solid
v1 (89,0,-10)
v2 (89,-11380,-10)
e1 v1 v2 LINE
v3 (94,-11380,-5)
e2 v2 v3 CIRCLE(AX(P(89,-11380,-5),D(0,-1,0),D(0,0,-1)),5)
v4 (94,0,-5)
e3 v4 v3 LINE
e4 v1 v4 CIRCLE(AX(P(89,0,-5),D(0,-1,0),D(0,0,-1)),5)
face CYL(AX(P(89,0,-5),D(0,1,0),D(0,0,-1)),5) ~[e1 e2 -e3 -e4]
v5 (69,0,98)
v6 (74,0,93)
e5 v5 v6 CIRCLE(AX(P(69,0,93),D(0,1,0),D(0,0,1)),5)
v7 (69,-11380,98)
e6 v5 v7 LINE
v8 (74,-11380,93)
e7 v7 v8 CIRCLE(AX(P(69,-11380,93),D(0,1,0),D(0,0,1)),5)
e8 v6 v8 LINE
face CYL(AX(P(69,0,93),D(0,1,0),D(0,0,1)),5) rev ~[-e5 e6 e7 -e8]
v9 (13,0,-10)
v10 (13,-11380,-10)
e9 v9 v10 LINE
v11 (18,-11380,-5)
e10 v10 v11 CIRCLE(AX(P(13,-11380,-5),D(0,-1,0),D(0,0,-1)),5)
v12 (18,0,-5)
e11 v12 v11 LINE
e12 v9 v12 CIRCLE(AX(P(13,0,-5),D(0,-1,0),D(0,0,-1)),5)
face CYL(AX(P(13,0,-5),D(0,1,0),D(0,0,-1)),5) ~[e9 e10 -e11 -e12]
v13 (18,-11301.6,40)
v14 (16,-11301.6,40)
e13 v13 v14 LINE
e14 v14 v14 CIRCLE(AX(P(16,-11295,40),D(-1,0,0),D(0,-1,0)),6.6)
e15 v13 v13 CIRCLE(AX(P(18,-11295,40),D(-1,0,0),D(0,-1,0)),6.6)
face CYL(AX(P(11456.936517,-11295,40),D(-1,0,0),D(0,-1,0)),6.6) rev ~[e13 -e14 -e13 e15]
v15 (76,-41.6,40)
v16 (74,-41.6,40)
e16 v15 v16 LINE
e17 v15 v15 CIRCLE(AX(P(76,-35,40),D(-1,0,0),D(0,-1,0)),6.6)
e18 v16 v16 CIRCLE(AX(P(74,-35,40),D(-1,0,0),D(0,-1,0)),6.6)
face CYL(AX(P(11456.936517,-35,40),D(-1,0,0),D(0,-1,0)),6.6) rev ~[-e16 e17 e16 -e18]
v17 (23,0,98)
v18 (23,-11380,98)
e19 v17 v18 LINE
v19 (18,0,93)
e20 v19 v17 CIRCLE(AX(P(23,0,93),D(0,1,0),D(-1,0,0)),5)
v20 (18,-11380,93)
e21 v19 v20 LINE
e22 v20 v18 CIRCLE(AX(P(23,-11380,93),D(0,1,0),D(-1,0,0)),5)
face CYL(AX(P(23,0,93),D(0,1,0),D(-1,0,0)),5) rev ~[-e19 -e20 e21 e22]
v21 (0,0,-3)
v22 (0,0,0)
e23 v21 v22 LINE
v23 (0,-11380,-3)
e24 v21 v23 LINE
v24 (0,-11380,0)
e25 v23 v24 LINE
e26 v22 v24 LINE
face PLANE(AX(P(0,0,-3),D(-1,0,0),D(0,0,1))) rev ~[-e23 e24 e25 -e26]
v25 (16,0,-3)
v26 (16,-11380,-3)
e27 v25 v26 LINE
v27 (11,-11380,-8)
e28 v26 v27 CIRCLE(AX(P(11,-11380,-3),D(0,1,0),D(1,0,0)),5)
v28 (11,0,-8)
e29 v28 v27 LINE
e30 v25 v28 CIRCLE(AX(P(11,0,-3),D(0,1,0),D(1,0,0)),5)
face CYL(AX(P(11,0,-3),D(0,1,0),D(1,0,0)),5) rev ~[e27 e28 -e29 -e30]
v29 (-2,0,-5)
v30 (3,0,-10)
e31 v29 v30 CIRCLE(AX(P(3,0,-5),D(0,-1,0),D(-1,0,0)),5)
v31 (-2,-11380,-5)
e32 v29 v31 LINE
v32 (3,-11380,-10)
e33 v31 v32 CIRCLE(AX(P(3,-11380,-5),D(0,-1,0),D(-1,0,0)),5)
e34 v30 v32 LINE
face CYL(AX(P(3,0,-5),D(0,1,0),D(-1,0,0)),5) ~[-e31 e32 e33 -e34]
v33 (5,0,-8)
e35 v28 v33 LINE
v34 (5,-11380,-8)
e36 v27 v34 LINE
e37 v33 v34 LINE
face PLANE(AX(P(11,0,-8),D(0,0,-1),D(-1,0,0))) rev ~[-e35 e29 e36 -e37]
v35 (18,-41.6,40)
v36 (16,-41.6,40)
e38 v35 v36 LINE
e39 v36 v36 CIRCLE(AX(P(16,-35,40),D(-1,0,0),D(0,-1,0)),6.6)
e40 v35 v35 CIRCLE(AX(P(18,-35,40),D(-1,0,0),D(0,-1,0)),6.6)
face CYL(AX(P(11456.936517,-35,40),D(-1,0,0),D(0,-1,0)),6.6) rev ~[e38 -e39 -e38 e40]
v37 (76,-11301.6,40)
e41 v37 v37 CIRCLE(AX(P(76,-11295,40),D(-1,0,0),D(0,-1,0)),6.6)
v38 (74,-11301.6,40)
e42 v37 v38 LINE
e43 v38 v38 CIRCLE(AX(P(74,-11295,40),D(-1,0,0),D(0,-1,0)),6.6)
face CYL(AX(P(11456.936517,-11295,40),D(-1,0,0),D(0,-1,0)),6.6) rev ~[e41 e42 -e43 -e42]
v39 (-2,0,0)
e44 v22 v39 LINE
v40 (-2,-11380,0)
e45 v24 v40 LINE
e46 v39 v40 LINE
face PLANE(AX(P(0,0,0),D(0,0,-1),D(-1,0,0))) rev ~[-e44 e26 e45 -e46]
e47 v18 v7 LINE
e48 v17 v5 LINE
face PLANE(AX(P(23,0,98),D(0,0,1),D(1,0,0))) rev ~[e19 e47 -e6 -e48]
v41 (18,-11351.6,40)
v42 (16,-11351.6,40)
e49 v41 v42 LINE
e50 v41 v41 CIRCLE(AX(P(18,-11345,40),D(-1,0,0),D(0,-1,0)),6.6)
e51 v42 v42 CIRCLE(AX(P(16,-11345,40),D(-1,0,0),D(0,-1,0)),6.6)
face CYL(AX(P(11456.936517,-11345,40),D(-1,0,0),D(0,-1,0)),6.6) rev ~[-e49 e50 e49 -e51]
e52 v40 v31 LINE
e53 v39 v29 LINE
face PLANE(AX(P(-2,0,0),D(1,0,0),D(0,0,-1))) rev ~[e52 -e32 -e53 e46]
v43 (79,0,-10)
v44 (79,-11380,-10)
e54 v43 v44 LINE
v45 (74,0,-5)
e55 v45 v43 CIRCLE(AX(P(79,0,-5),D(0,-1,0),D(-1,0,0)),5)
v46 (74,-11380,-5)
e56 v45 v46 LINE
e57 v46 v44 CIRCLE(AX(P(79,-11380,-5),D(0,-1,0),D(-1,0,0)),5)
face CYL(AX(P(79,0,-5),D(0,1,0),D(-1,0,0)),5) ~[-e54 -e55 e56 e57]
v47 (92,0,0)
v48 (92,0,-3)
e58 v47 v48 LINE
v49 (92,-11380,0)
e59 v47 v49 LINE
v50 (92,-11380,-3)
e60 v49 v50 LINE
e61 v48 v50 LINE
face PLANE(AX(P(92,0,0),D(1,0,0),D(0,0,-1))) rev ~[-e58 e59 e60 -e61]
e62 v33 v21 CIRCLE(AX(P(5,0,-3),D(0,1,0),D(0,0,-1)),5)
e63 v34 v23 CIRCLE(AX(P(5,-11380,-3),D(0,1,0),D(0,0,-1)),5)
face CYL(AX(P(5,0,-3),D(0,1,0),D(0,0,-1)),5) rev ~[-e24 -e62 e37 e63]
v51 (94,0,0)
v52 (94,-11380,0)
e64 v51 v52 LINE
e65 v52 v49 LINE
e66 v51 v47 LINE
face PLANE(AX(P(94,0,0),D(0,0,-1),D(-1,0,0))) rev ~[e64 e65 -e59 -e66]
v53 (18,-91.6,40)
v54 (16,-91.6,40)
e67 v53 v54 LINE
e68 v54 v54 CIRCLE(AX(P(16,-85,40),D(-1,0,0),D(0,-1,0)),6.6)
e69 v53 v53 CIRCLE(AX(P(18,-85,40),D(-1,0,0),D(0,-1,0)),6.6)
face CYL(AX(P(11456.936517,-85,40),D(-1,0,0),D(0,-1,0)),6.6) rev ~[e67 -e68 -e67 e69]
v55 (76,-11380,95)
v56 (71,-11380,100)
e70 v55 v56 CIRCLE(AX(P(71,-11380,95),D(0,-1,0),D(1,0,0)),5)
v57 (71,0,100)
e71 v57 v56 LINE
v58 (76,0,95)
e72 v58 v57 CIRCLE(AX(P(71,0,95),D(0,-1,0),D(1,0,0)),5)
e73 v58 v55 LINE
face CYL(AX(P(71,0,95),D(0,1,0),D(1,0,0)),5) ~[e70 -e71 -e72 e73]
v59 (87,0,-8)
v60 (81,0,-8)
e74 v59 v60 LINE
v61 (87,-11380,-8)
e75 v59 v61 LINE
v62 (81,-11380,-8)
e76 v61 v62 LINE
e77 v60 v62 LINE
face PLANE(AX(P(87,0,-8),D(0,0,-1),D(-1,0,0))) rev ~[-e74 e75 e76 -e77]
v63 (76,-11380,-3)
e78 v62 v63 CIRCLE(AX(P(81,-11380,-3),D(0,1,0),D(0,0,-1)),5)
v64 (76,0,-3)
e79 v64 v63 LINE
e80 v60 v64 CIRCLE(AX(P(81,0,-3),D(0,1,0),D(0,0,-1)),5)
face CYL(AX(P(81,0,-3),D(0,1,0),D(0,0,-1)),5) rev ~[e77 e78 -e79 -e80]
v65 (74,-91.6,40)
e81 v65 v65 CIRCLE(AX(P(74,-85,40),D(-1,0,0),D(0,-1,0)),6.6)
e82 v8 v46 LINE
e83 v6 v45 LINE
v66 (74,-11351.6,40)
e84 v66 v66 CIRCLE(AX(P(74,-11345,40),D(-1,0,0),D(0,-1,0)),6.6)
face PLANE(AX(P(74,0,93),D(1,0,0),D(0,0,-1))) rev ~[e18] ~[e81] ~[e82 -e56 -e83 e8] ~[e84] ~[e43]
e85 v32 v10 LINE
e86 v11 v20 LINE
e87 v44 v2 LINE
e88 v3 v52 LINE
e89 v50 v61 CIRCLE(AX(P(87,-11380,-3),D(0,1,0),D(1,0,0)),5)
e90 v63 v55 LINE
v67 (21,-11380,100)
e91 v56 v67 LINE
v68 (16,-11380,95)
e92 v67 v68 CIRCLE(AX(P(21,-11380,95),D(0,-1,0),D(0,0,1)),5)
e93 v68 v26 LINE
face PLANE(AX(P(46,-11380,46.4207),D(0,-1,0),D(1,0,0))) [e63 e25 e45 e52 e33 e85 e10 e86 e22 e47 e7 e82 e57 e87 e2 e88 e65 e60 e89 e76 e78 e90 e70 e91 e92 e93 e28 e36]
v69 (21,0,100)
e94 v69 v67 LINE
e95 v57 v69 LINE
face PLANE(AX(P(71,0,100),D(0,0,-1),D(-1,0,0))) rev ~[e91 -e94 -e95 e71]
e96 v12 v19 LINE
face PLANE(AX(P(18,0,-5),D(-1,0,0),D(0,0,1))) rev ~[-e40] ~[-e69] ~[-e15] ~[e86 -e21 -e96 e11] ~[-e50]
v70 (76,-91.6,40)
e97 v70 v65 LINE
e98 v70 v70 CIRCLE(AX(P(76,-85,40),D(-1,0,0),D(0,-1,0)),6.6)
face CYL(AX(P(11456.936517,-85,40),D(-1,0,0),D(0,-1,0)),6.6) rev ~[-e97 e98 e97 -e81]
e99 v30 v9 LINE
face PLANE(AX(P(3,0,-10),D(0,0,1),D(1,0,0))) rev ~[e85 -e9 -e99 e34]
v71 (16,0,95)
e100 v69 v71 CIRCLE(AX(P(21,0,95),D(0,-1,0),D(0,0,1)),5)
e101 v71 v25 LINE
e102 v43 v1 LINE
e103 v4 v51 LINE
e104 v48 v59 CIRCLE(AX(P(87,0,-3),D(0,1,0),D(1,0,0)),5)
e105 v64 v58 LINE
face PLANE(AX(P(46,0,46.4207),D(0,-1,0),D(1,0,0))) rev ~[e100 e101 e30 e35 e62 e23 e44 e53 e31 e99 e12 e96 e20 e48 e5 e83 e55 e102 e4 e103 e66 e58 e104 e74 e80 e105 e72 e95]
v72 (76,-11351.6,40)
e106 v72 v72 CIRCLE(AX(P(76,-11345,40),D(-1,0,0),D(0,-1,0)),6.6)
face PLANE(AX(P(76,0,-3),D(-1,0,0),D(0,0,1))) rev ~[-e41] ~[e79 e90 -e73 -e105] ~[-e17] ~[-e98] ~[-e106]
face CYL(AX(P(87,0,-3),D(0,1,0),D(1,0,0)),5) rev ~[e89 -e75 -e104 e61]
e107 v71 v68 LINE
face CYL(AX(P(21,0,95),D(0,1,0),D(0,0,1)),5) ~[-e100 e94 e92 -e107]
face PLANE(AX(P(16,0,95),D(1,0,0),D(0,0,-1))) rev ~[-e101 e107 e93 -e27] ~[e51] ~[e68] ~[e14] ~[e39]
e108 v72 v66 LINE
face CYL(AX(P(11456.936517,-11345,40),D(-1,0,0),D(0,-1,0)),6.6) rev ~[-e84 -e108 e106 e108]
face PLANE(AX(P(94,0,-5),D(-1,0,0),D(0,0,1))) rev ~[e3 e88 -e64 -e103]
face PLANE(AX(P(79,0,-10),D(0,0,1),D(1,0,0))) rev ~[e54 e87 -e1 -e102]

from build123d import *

# Parameters (mm, degrees)
F1_DEPTH = 11380
F3_D     = 13.2


with BuildPart() as f1:
    # F0 (on Front) → F1 (new body)
    with BuildSketch(Plane.XZ):
        with BuildLine():
            Line((0, -3), (0, 0))
            Line((0, 0), (-2, 0))
            Line((-2, 0), (-2, -5))
            ThreePointArc((-2, -5), (-0.5355339059, -8.5355339059), (3, -10))
            Line((3, -10), (13, -10))
            ThreePointArc((13, -10), (16.5355339059, -8.5355339059), (18, -5))
            Line((18, -5), (18, 93))
            ThreePointArc((18, 93), (19.4644660941, 96.5355339059), (23, 98))
            Line((23, 98), (69, 98))
            ThreePointArc((69, 98), (72.5355339059, 96.5355339059), (74, 93))
            Line((74, 93), (74, -5))
            ThreePointArc((74, -5), (75.4644660941, -8.5355339059), (79, -10))
            Line((79, -10), (89, -10))
            ThreePointArc((89, -10), (92.5355339059, -8.5355339059), (94, -5))
            Line((94, -5), (94, 0))
            Line((94, 0), (92, 0))
            Line((92, 0), (92, -3))
            ThreePointArc((92, -3), (90.5355339059, -6.5355339059), (87, -8))
            Line((87, -8), (81, -8))
            ThreePointArc((81, -8), (77.4644660941, -6.5355339059), (76, -3))
            Line((76, -3), (76, 95))
            ThreePointArc((76, 95), (74.5355339059, 98.5355339059), (71, 100))
            Line((71, 100), (21, 100))
            ThreePointArc((21, 100), (17.4644660941, 98.5355339059), (16, 95))
            Line((16, 95), (16, -3))
            ThreePointArc((16, -3), (14.5355339059, -6.5355339059), (11, -8))
            Line((11, -8), (5, -8))
            ThreePointArc((5, -8), (1.4644660941, -6.5355339059), (0, -3))
        make_face()
    extrude(amount=F1_DEPTH)

    # F3 (through all)
    with Locations(Plane.YZ.offset(76)):
        with Locations((-11345, 40), (-11295, 40), (-85, 40), (-35, 40)):
            Hole(F3_D / 2)


solid = f1.part
